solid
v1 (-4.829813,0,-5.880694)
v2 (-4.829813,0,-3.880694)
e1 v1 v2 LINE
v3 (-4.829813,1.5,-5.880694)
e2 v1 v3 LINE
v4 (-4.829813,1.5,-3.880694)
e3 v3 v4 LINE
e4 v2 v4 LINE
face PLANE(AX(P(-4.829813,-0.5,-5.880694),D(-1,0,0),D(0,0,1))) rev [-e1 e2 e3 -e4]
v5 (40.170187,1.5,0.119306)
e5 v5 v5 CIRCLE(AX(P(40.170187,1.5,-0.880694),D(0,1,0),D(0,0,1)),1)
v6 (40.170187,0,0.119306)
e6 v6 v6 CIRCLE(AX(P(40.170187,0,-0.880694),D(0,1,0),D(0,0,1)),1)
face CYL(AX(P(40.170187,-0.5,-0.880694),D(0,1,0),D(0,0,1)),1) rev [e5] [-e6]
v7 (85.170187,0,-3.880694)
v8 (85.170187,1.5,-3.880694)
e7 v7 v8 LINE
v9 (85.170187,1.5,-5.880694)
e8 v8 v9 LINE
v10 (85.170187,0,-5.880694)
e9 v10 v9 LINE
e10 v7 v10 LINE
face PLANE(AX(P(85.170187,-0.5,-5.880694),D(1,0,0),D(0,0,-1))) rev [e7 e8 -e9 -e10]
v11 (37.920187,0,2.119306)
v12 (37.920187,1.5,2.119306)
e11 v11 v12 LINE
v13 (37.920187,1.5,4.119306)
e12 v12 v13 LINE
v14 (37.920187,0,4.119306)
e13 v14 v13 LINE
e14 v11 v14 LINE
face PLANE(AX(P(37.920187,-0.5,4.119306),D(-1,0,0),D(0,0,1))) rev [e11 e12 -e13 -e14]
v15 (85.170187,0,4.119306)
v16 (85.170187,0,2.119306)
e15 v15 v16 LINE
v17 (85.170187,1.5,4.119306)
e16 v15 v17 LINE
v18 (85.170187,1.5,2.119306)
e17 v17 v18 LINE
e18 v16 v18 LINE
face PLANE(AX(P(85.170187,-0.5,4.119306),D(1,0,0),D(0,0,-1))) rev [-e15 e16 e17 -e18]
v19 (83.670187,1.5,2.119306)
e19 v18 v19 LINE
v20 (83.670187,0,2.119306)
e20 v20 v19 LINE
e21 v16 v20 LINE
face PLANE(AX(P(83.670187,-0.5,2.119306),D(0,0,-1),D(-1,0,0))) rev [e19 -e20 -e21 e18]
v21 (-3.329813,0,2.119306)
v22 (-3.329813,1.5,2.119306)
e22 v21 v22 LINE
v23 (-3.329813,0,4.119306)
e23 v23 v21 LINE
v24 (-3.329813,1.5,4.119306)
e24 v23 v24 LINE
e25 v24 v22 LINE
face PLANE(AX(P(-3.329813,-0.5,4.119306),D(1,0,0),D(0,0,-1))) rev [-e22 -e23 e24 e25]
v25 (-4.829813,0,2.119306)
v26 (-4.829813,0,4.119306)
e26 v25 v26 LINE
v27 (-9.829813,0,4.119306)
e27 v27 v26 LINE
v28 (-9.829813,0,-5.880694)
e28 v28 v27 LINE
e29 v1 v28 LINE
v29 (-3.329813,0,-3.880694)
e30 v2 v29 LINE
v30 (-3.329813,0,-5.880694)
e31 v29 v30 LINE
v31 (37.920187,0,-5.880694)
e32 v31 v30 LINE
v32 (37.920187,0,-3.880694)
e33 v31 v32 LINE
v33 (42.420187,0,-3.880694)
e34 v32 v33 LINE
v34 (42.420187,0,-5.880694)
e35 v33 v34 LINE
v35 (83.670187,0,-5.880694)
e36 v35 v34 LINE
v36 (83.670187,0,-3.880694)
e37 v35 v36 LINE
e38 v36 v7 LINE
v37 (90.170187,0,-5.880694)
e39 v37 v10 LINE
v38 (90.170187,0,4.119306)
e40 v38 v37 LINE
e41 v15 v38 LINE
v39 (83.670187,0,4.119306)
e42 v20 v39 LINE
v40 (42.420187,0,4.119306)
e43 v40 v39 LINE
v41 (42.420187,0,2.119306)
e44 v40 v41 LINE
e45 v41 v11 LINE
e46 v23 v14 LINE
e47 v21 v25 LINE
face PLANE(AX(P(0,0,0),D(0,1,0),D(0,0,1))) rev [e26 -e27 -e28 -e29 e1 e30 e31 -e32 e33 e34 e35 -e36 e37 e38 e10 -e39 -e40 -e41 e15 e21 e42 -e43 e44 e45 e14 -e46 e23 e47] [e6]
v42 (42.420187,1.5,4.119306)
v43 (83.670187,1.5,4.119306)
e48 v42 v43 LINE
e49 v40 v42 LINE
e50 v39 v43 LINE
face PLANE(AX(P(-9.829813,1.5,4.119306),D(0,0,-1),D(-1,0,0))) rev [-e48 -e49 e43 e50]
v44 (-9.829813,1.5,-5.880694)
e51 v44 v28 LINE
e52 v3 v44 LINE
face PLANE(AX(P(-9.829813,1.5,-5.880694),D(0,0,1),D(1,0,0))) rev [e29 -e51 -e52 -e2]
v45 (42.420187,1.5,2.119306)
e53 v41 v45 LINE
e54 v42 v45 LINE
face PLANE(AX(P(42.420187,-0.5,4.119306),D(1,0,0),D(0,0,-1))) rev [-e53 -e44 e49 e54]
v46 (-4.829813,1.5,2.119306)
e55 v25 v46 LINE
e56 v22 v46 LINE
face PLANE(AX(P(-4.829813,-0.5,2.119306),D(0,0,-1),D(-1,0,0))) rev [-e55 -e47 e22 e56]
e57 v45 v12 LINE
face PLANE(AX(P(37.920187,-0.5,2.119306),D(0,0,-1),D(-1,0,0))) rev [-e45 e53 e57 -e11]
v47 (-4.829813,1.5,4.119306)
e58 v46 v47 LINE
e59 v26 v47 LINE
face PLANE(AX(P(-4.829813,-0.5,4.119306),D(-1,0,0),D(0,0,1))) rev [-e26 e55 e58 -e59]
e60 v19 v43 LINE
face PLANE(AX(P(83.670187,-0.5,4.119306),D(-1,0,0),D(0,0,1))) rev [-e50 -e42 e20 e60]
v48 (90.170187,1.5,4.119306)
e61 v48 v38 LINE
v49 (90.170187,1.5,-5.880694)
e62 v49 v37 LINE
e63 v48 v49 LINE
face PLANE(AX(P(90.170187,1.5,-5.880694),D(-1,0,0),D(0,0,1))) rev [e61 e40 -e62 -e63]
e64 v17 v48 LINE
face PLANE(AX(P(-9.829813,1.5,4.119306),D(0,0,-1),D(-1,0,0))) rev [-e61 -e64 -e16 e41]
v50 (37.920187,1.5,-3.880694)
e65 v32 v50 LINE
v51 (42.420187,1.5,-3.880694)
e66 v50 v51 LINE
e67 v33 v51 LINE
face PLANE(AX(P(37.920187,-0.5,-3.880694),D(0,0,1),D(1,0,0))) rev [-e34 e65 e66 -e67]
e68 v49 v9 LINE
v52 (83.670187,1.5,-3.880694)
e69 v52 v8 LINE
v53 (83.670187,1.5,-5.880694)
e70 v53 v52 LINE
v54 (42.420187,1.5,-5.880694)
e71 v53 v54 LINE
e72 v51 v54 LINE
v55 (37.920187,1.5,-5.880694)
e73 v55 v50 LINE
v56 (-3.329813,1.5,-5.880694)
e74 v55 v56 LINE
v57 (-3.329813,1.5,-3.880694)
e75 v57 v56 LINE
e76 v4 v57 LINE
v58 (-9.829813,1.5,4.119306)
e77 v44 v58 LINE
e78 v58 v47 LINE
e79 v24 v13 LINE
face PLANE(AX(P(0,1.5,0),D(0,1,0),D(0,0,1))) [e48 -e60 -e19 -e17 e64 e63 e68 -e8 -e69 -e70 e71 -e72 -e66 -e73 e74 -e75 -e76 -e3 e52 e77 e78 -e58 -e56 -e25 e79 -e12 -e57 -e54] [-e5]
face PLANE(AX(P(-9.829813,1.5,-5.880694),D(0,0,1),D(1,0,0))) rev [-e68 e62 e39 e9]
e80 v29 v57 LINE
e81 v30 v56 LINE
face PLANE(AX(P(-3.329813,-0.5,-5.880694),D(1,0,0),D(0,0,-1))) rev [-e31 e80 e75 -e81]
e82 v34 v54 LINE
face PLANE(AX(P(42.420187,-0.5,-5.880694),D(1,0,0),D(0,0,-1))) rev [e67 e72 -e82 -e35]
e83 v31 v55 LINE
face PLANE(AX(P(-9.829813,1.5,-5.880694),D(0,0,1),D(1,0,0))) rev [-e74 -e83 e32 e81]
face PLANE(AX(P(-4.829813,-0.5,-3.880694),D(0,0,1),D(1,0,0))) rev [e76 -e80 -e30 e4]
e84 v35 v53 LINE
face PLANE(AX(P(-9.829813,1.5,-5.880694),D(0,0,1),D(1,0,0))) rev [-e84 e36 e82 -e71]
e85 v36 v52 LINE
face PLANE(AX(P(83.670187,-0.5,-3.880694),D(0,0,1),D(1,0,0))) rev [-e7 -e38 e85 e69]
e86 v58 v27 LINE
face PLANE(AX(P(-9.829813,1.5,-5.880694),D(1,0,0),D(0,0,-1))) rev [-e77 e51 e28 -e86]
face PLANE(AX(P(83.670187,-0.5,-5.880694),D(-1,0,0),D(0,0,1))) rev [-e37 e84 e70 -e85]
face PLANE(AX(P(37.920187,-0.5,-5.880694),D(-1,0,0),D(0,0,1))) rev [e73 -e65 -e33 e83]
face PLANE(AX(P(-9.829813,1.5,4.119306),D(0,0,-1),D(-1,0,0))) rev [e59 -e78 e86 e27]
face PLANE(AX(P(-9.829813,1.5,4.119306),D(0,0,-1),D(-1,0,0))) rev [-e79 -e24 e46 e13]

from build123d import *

# Parameters (mm, degrees)
SKETCH1_W           = 100
SKETCH1_H           = 10
BOSS_EXTRUDE1_DEPTH = 1.5
SKETCH2_R           = 1
CUT_EXTRUDE2_DEPTH  = 2
SKETCH5_W           = 1.5
SKETCH5_H           = 2
SKETCH5_W_2         = 4.5
CUT_EXTRUDE4_DEPTH  = 2


with BuildPart() as part:
    # Sketch1 → Boss-Extrude1 (new body)
    with BuildSketch(Plane(origin=(0, 0, 0), x_dir=(1, 0, 0), z_dir=(0, 1, 0))):
        with Locations((40.170187286, 0.880693734)):
            Rectangle(SKETCH1_W, SKETCH1_H)
    extrude(amount=BOSS_EXTRUDE1_DEPTH)

    # Sketch2 → Cut-Extrude2 (cut)
    with BuildSketch(Plane(origin=(0, 1.5, 0), x_dir=(1, 0, 0), z_dir=(0, 1, 0))):
        with Locations(Location((40.170187286, 0.880693734, 0), (0, 0, 270))):
            Circle(SKETCH2_R)
    extrude(amount=-CUT_EXTRUDE2_DEPTH, mode=Mode.SUBTRACT)

    # Sketch5 → Cut-Extrude4 (cut)
    with BuildSketch(Plane(origin=(0, 1.5, 0), x_dir=(1, 0, 0), z_dir=(0, 1, 0))):
        with Locations((-4.079812714, 4.880693734)):
            Rectangle(SKETCH5_W, SKETCH5_H)
        with Locations((40.170187286, 4.880693734)):
            Rectangle(SKETCH5_W_2, SKETCH5_H)
        with Locations((84.420187286, 4.880693734)):
            Rectangle(SKETCH5_W, SKETCH5_H)
        with Locations((-4.079812714, -3.119306266)):
            Rectangle(SKETCH5_W, SKETCH5_H)
        with Locations((40.170187286, -3.119306266)):
            Rectangle(SKETCH5_W_2, SKETCH5_H)
        with Locations((84.420187286, -3.119306266)):
            Rectangle(SKETCH5_W, SKETCH5_H)
    extrude(amount=-CUT_EXTRUDE4_DEPTH, mode=Mode.SUBTRACT)


solid = part.part
